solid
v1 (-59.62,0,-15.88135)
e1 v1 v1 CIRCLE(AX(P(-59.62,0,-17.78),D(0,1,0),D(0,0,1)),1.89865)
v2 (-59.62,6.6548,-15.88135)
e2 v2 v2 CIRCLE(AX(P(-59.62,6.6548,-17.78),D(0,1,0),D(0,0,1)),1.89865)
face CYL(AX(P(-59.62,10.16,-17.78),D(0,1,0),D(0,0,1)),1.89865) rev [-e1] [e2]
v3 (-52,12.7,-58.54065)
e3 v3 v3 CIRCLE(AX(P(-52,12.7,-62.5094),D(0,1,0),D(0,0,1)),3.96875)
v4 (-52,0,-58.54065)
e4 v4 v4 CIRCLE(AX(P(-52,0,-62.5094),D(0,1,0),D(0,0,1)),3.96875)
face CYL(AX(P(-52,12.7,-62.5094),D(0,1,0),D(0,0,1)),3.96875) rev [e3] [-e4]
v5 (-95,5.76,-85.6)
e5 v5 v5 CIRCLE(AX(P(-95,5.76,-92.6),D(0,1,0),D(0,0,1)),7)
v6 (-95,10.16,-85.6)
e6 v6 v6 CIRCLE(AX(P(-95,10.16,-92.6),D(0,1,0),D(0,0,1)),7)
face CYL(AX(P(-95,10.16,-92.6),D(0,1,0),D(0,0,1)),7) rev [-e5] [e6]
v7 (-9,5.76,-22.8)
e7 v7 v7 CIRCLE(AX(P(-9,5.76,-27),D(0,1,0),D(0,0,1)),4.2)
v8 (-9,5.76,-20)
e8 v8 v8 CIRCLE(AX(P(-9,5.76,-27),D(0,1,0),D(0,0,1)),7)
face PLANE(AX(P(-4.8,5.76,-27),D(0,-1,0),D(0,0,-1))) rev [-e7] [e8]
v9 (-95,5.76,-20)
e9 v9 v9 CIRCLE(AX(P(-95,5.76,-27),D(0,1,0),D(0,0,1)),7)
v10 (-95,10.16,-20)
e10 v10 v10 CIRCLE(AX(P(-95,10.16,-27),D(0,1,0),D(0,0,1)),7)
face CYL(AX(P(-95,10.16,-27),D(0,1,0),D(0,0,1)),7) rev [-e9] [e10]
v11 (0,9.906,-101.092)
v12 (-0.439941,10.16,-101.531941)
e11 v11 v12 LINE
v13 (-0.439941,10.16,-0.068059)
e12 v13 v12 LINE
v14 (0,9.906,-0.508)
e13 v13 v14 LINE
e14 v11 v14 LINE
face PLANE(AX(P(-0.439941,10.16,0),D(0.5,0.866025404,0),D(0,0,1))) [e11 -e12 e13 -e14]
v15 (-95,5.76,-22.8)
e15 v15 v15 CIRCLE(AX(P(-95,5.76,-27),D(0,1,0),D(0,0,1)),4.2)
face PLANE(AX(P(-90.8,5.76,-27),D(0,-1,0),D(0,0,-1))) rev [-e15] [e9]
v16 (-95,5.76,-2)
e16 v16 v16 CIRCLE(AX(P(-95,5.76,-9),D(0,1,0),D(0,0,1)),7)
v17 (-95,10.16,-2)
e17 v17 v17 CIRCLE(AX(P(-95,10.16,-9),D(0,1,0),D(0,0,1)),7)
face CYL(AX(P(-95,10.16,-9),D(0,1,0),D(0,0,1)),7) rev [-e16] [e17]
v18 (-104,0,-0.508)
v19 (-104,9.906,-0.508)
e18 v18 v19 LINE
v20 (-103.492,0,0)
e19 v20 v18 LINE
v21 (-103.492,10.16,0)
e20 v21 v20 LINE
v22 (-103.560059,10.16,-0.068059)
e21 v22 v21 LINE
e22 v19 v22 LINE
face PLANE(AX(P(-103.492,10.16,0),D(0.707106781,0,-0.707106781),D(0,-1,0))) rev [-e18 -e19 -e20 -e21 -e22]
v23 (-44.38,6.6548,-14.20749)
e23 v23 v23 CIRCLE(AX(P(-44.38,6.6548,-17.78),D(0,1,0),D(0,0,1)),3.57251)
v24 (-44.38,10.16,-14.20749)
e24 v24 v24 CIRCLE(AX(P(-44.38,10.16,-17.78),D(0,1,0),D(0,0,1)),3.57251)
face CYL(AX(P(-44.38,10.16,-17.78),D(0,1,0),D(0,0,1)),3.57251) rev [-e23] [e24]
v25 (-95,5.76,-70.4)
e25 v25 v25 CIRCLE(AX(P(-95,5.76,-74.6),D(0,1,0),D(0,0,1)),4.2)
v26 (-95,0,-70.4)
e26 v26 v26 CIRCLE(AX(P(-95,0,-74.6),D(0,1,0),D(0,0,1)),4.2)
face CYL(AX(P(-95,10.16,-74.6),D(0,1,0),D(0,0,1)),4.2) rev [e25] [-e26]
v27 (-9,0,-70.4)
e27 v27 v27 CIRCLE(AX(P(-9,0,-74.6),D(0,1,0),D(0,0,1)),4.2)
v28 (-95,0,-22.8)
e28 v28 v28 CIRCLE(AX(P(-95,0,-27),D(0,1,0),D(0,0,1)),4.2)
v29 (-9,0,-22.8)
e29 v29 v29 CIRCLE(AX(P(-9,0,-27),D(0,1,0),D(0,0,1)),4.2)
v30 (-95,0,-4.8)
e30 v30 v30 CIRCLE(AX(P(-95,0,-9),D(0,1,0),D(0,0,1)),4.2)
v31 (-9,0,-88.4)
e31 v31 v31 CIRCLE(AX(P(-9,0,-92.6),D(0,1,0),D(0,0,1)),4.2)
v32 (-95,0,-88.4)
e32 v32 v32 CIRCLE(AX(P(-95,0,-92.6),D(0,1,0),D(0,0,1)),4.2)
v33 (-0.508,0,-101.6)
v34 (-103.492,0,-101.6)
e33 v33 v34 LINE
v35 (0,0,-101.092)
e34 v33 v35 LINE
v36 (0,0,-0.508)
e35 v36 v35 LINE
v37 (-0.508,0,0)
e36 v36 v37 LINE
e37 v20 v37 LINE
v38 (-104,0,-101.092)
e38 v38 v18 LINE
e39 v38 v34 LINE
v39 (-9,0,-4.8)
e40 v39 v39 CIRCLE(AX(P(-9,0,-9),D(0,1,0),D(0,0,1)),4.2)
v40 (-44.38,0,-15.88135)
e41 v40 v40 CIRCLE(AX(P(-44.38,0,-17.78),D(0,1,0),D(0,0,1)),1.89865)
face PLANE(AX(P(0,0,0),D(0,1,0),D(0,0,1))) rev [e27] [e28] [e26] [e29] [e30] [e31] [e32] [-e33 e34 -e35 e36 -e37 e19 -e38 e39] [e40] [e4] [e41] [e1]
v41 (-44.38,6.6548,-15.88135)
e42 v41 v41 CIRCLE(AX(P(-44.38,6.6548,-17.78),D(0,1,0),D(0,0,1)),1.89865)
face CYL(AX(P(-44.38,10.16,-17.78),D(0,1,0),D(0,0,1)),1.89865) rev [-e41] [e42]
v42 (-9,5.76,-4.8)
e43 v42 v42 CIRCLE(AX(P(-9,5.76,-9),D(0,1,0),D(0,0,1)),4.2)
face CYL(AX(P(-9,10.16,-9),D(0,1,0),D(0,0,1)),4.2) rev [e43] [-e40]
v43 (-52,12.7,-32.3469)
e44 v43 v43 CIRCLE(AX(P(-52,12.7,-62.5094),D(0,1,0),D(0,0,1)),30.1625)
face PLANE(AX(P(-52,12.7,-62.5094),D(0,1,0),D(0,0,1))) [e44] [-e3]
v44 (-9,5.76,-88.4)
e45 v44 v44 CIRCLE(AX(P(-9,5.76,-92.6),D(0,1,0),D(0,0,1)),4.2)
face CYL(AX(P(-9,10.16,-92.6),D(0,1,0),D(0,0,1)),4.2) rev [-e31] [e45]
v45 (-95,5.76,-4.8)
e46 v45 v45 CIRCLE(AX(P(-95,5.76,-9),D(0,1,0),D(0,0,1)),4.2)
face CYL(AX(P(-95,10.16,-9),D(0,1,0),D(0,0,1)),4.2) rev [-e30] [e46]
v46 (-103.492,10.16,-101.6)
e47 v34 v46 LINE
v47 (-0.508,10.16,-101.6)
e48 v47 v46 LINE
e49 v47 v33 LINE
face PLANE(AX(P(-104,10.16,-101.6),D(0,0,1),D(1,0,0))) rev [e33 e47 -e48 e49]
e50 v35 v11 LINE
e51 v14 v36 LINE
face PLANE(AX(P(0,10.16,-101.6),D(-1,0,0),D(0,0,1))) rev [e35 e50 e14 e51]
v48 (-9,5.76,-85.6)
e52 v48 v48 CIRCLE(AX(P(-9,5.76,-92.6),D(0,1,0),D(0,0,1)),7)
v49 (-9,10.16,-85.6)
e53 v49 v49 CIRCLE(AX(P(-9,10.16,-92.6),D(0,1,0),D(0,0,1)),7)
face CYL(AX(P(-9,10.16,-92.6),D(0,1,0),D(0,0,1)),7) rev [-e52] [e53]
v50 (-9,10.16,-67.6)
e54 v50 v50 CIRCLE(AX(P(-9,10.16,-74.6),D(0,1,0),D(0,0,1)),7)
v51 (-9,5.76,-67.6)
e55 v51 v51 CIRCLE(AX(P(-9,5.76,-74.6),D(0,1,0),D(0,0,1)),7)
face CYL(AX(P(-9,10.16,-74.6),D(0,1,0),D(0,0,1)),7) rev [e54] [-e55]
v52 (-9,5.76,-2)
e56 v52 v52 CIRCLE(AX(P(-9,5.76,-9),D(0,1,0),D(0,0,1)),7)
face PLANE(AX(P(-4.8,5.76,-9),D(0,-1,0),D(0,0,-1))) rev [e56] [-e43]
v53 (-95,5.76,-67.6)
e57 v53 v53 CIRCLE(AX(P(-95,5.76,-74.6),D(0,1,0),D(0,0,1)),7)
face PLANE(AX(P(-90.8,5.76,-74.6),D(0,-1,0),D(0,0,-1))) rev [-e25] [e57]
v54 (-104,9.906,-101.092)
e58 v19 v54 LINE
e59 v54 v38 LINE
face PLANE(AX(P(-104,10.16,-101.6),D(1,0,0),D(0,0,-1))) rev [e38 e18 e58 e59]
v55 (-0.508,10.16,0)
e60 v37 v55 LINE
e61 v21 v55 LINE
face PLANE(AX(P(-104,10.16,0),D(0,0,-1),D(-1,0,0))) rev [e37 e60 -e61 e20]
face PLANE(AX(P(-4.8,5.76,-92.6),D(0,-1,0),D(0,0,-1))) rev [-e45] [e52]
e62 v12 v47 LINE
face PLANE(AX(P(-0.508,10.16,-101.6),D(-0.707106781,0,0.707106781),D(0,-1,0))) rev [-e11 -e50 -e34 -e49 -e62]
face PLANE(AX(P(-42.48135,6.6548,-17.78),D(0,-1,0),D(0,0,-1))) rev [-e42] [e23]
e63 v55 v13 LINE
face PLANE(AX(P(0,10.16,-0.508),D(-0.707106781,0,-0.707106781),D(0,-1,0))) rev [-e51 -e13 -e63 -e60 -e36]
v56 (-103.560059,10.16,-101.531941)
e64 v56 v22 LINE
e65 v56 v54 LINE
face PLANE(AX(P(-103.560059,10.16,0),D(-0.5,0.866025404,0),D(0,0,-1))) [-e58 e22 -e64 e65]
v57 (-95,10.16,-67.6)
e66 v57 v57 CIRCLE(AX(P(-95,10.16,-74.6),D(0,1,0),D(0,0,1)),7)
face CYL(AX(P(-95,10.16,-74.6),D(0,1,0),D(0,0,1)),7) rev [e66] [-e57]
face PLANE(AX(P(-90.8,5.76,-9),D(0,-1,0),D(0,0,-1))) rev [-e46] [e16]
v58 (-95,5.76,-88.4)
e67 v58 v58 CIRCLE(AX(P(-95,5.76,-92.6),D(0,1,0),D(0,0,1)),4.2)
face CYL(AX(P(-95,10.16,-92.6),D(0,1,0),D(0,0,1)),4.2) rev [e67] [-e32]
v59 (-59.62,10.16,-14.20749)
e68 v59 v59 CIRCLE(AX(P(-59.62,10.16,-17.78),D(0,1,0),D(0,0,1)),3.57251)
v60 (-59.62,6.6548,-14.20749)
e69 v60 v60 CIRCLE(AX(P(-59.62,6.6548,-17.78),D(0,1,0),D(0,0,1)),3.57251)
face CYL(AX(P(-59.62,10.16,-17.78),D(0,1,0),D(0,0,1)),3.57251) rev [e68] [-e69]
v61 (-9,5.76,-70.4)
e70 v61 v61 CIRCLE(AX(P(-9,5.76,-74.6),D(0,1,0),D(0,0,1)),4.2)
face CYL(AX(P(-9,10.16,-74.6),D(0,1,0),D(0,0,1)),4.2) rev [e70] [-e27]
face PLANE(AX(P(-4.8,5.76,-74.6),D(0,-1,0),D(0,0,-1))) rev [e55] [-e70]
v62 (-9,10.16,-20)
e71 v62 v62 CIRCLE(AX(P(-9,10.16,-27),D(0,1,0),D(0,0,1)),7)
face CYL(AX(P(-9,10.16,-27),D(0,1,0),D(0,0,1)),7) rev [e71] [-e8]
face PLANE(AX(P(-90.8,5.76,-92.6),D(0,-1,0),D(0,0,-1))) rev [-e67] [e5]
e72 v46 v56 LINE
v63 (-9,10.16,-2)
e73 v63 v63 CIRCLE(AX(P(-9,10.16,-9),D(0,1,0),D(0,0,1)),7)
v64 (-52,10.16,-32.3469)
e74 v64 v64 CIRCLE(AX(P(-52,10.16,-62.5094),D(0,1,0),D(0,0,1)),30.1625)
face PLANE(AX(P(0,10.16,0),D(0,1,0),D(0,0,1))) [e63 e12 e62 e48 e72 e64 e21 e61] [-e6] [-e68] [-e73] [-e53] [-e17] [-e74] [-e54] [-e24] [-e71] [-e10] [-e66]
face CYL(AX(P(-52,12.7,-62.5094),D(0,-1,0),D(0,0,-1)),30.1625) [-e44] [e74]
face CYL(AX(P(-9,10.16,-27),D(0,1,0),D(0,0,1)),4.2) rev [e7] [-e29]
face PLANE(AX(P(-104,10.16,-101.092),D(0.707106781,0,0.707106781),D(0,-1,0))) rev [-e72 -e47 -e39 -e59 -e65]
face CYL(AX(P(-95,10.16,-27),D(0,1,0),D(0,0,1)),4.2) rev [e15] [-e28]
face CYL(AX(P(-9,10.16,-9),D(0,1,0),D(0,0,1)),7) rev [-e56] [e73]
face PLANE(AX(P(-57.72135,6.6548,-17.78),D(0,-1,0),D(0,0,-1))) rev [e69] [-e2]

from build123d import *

# Parameters (mm, degrees)
SKETCH1_W                                      = 104.000000026
SKETCH1_H                                      = 101.6
BOSS_EXTRUDE1_DEPTH                            = 10.16
SKETCH5_R                                      = 30.1625
BOSS_EXTRUDE2_DEPTH                            = 2.54
CBORE_FOR_6_SOCKET_HEAD_CAP_SCREW1_D           = 3.7973
CBORE_FOR_6_SOCKET_HEAD_CAP_SCREW1_CBORE_D     = 7.14502
CBORE_FOR_6_SOCKET_HEAD_CAP_SCREW1_CBORE_DEPTH = 3.5052
F_3_8_16_TAPPED_HOLE1_D                        = 7.9375
CBORE_FOR_M8_SBHCS1_D                          = 8.4
CBORE_FOR_M8_SBHCS1_CBORE_D                    = 14
CBORE_FOR_M8_SBHCS1_CBORE_DEPTH                = 4.4
CHAMFER1_SIZE                                  = 0.254
CHAMFER1_SIZE2                                 = 0.439940905
CHAMFER1_PART_2_SIZE                           = 0.254
CHAMFER1_PART_2_SIZE2                          = 0.439940905
CHAMFER2_SIZE                                  = 0.508


with BuildPart() as part:
    # Sketch1 → Boss-Extrude1 (new body)
    with BuildSketch(Plane(origin=(0, 0, 0), x_dir=(1, 0, 0), z_dir=(0, 1, 0))):
        with Locations((-52.000000013, 50.8)):
            Rectangle(SKETCH1_W, SKETCH1_H)
    extrude(amount=BOSS_EXTRUDE1_DEPTH)

    # Sketch5 → Boss-Extrude2 (add)
    with BuildSketch(Plane(origin=(0, 10.16, 0), x_dir=(1, 0, 0), z_dir=(0, 1, 0))):
        with Locations((-52.000000013, 62.5094)):
            Circle(SKETCH5_R)
    extrude(amount=BOSS_EXTRUDE2_DEPTH)

    # CBORE for #6 Socket Head Cap Screw1 (through all)
    with Locations(Plane(origin=(0, 10.16, 0), x_dir=(1, 0, 0), z_dir=(0, 1, 0))):
        with Locations((-44.380000013, 17.78), (-59.620000013, 17.78)):
            CounterBoreHole(CBORE_FOR_6_SOCKET_HEAD_CAP_SCREW1_D / 2, CBORE_FOR_6_SOCKET_HEAD_CAP_SCREW1_CBORE_D / 2, CBORE_FOR_6_SOCKET_HEAD_CAP_SCREW1_CBORE_DEPTH)

    # 3/8-16 Tapped Hole1 (through all)
    with Locations(Plane(origin=(0, 12.7, 0), x_dir=(1, 0, 0), z_dir=(0, 1, 0))):
        with Locations((-52.000000013, 62.5094)):
            Hole(F_3_8_16_TAPPED_HOLE1_D / 2)

    # CBORE for M8 SBHCS1 (through all)
    with Locations(Plane(origin=(0, 10.16, 0), x_dir=(1, 0, 0), z_dir=(0, 1, 0))):
        with Locations((-8.999999961, 92.6), (-8.999999961, 74.6), (-8.999999961, 27), (-8.999999961, 9), (-95.000000013, 9), (-95.000000013, 27), (-95.000000013, 74.6), (-95.000000013, 92.6)):
            CounterBoreHole(CBORE_FOR_M8_SBHCS1_D / 2, CBORE_FOR_M8_SBHCS1_CBORE_D / 2, CBORE_FOR_M8_SBHCS1_CBORE_DEPTH)

    # Chamfer1
    chamfer1_edges = [part.edges().sort_by_distance(p)[0] for p in [
        (0, 10.16, -50.8),
    ]]
    chamfer1_side = [part.faces().sort_by_distance(p)[0] for p in [
        (0, 5.08, -50.8),
    ]]
    chamfer(chamfer1_edges, length=CHAMFER1_SIZE, length2=CHAMFER1_SIZE2, reference=chamfer1_side[0])

    # Chamfer1 part 2
    chamfer1_part_2_edges = [part.edges().sort_by_distance(p)[0] for p in [
        (-104.000000026, 10.16, -50.8),
    ]]
    chamfer1_part_2_side = [part.faces().sort_by_distance(p)[0] for p in [
        (-104.000000026, 5.08, -50.8),
    ]]
    chamfer(chamfer1_part_2_edges, length=CHAMFER1_PART_2_SIZE, length2=CHAMFER1_PART_2_SIZE2, reference=chamfer1_part_2_side[0])

    # Chamfer2
    chamfer2_edges = [part.edges().sort_by_distance(p)[0] for p in [
        (0, 4.953, 0),
        (-104.000000026, 4.953, 0),
        (-104.000000026, 4.953, -101.6),
        (0, 4.953, -101.6),
    ]]
    chamfer(chamfer2_edges, length=CHAMFER2_SIZE)


solid = part.part
